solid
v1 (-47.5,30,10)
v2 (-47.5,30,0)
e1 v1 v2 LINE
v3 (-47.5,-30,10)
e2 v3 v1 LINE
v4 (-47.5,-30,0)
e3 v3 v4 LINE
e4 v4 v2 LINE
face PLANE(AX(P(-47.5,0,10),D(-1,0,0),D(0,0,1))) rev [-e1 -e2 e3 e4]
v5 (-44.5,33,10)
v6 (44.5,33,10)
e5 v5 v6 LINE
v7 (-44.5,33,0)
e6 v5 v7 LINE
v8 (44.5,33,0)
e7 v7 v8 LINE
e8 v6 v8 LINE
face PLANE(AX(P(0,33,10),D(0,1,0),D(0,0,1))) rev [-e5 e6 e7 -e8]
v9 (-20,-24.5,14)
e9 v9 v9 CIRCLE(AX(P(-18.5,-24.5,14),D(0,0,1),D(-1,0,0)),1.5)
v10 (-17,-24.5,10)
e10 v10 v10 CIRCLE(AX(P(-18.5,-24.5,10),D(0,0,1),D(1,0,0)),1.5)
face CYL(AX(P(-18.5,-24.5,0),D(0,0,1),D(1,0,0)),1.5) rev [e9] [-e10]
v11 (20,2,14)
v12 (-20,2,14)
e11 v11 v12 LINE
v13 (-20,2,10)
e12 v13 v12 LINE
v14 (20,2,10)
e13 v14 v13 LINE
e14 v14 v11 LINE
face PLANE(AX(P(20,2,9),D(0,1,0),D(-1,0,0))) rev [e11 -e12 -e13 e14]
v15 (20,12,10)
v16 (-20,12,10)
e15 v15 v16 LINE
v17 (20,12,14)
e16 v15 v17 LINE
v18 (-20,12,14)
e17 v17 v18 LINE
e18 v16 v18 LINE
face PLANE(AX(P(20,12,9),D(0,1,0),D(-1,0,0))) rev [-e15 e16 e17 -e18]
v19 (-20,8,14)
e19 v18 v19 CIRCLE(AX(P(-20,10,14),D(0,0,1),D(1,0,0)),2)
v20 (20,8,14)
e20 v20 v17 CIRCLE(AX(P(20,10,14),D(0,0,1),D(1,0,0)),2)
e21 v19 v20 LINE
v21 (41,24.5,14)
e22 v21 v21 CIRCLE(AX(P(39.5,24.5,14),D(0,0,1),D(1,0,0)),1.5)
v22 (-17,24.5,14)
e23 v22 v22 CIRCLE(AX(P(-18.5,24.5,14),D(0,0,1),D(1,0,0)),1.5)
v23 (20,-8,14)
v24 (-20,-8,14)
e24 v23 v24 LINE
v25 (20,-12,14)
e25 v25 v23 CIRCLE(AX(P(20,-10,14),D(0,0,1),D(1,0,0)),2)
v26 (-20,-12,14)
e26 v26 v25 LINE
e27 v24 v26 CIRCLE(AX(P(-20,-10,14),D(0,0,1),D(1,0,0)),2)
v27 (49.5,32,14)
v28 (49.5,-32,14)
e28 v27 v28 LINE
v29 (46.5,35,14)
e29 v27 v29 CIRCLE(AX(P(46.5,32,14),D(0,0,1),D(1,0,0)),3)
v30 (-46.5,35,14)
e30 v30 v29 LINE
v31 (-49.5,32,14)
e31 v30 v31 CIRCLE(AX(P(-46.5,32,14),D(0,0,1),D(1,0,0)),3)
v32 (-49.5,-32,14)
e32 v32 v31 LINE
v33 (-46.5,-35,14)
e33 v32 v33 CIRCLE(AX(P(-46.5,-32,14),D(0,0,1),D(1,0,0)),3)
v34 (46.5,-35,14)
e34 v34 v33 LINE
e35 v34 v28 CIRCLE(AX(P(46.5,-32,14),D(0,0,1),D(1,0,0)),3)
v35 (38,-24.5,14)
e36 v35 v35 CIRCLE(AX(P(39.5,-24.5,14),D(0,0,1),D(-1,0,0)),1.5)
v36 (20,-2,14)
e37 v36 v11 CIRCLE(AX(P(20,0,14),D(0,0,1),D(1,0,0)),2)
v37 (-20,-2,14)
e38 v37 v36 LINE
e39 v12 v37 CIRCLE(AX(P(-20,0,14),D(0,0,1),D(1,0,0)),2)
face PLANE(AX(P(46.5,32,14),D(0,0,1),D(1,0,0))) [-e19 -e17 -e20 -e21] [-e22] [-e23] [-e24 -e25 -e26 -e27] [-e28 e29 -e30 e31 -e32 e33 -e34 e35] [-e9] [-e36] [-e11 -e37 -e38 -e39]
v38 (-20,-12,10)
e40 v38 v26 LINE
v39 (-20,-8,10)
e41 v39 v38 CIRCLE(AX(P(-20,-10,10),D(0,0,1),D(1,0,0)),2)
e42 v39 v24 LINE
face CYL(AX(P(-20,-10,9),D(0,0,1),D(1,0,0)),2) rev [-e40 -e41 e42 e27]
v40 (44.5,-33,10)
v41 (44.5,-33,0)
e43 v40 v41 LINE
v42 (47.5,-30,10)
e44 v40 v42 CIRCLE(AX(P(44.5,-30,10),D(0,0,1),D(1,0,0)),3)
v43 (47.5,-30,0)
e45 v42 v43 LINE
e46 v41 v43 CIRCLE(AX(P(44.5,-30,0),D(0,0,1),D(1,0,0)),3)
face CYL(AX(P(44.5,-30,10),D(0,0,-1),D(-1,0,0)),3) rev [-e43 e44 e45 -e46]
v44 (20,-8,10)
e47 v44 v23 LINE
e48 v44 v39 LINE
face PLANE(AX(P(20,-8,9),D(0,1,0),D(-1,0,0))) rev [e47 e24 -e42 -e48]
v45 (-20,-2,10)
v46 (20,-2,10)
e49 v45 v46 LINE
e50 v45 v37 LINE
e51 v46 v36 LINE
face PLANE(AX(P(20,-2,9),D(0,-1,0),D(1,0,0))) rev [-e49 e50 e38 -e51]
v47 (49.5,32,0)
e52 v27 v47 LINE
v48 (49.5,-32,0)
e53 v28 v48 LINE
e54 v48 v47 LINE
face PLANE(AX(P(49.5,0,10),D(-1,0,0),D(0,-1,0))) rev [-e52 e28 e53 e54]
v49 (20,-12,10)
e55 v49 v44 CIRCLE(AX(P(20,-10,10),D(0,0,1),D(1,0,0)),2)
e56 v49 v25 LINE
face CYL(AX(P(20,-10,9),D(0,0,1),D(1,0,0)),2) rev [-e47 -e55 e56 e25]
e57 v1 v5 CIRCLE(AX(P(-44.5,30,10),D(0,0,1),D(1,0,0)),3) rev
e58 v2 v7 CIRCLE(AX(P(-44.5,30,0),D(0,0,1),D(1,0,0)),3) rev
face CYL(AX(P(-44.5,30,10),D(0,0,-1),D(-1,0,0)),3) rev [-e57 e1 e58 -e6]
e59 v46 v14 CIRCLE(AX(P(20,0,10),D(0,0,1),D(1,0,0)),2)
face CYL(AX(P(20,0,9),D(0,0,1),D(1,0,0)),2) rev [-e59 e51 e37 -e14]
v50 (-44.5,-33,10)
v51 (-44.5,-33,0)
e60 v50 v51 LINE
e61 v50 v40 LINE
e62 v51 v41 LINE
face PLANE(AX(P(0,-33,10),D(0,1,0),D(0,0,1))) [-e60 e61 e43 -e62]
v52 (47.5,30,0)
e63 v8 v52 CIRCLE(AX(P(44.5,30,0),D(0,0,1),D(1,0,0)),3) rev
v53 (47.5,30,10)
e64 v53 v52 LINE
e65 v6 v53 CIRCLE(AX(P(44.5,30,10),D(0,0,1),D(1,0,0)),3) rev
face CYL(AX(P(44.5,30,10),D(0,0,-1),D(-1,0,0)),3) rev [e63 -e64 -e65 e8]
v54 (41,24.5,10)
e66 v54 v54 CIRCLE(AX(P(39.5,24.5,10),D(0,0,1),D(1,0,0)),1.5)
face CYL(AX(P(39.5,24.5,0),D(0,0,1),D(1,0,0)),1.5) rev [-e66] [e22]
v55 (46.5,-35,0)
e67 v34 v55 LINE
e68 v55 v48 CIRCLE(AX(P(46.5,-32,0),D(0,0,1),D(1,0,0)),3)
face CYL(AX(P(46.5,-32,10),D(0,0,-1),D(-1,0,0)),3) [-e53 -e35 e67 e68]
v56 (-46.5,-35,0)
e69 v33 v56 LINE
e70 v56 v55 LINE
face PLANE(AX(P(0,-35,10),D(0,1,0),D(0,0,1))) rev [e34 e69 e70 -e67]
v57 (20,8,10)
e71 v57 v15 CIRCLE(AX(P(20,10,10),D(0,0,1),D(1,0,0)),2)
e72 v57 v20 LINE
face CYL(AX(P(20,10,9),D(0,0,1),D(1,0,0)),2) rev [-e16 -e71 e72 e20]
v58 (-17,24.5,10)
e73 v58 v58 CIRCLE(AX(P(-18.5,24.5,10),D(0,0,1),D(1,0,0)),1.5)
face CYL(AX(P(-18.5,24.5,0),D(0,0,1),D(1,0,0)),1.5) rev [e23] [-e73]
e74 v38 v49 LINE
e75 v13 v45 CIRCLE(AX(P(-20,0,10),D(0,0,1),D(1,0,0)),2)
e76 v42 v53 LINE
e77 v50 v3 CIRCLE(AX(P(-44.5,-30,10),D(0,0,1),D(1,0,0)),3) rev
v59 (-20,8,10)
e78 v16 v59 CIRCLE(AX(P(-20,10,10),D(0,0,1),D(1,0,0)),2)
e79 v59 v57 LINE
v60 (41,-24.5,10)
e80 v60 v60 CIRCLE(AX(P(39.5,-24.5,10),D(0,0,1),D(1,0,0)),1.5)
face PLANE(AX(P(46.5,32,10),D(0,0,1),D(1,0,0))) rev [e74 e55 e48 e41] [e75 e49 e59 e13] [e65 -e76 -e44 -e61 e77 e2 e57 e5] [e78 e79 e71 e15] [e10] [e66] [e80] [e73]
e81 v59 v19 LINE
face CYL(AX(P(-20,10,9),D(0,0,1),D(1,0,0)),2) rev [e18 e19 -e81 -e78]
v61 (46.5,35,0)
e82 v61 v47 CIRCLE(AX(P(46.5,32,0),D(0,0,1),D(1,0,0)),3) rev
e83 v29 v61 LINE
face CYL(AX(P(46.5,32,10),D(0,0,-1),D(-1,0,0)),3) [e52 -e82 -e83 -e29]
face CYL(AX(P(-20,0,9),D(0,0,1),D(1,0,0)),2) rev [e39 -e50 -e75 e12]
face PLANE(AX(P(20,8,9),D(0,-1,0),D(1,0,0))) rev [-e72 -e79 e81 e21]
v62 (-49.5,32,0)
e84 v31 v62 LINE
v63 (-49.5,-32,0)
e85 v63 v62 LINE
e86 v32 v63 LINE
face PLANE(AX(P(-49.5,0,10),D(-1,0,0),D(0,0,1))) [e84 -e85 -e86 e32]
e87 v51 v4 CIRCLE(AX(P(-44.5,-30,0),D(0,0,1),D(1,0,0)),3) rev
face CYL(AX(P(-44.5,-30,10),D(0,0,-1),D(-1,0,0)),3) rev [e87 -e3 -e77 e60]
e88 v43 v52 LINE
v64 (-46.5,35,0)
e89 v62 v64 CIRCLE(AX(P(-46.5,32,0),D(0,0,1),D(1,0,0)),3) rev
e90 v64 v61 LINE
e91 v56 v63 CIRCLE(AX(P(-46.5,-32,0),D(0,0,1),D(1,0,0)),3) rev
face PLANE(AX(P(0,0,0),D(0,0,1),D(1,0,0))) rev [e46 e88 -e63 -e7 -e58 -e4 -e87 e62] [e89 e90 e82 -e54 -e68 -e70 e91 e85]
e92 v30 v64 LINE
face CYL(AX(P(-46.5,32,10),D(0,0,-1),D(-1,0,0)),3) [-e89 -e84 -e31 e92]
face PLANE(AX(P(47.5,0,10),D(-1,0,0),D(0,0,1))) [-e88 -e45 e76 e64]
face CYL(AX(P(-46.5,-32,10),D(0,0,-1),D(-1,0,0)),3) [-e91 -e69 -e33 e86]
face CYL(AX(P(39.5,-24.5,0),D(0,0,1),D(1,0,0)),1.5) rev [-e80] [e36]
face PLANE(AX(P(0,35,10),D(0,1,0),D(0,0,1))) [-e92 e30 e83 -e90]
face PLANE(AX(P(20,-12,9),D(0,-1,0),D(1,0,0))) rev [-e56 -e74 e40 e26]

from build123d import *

# Parameters (mm, degrees)
BOSS_EXTRU_1_DEPTH      = 10
BOSS_EXTRU_2_START      = 10
BOSS_EXTRU_2_DEPTH      = 4
ESQUISSE3_R             = 1.5
ENL_V_MAT_EXTRU_1_DEPTH = 63.219369974
ENL_V_MAT_EXTRU_2_DEPTH = 5


with BuildPart() as part:
    # Esquisse1 → Boss.-Extru.1 (new body)
    with BuildSketch(Plane.XY):
        with BuildLine():
            Line((-46.5, -35), (46.5, -35))
            ThreePointArc((46.5, -35), (48.621320344, -34.121320344), (49.5, -32))
            Line((49.5, -32), (49.5, 32))
            ThreePointArc((49.5, 32), (48.621320344, 34.121320344), (46.5, 35))
            Line((46.5, 35), (-46.5, 35))
            ThreePointArc((-46.5, 35), (-48.621320344, 34.121320344), (-49.5, 32))
            Line((-49.5, 32), (-49.5, -32))
            ThreePointArc((-49.5, -32), (-48.621320344, -34.121320344), (-46.5, -35))
        make_face()
        with BuildLine():
            ThreePointArc((44.5, -33), (46.621320344, -32.121320344), (47.5, -30))
            Line((47.5, -30), (47.5, 30))
            ThreePointArc((47.5, 30), (46.621320344, 32.121320344), (44.5, 33))
            Line((44.5, 33), (-44.5, 33))
            ThreePointArc((-44.5, 33), (-46.621320344, 32.121320344), (-47.5, 30))
            Line((-47.5, 30), (-47.5, -30))
            ThreePointArc((-47.5, -30), (-46.621320344, -32.121320344), (-44.5, -33))
            Line((-44.5, -33), (44.5, -33))
        make_face(mode=Mode.SUBTRACT)
    extrude(amount=BOSS_EXTRU_1_DEPTH)

    # Esquisse2 → Boss.-Extru.2 (add)
    with BuildSketch(Plane.XY.offset(BOSS_EXTRU_2_START)):
        with BuildLine():
            Line((-46.5, -35), (46.5, -35))
            ThreePointArc((46.5, -35), (48.621320344, -34.121320344), (49.5, -32))
            Line((49.5, -32), (49.5, 32))
            ThreePointArc((49.5, 32), (48.621320344, 34.121320344), (46.5, 35))
            Line((46.5, 35), (-46.5, 35))
            ThreePointArc((-46.5, 35), (-48.621320344, 34.121320344), (-49.5, 32))
            Line((-49.5, 32), (-49.5, -32))
            ThreePointArc((-49.5, -32), (-48.621320344, -34.121320344), (-46.5, -35))
        make_face()
    extrude(amount=BOSS_EXTRU_2_DEPTH)

    # Esquisse3 → Enlèv. mat.-Extru.1 (cut, through all)
    with BuildSketch(Plane.XY.offset(14)):
        with Locations((39.5, 24.5)):
            Circle(ESQUISSE3_R)
        with Locations((-18.5, 24.5)):
            Circle(ESQUISSE3_R)
        with Locations((39.5, -24.5)):
            Circle(ESQUISSE3_R)
        with Locations((-18.5, -24.5)):
            Circle(ESQUISSE3_R)
    extrude(amount=-ENL_V_MAT_EXTRU_1_DEPTH, mode=Mode.SUBTRACT)

    # Esquisse4 → Enlèv. mat.-Extru.2 (cut)
    with BuildSketch(Plane.XY.offset(14)):
        with BuildLine():
            Line((20, -2), (-20, -2))
            ThreePointArc((-20, -2), (-22, 0), (-20, 2))
            Line((-20, 2), (20, 2))
            ThreePointArc((20, 2), (22, 0), (20, -2))
        make_face()
        with BuildLine():
            Line((20, -12), (-20, -12))
            ThreePointArc((-20, -12), (-22, -10), (-20, -8))
            Line((-20, -8), (20, -8))
            ThreePointArc((20, -8), (22, -10), (20, -12))
        make_face()
        with BuildLine():
            Line((20, 8), (-20, 8))
            ThreePointArc((-20, 8), (-22, 10), (-20, 12))
            Line((-20, 12), (20, 12))
            ThreePointArc((20, 12), (22, 10), (20, 8))
        make_face()
    extrude(amount=-ENL_V_MAT_EXTRU_2_DEPTH, mode=Mode.SUBTRACT)


solid = part.part
